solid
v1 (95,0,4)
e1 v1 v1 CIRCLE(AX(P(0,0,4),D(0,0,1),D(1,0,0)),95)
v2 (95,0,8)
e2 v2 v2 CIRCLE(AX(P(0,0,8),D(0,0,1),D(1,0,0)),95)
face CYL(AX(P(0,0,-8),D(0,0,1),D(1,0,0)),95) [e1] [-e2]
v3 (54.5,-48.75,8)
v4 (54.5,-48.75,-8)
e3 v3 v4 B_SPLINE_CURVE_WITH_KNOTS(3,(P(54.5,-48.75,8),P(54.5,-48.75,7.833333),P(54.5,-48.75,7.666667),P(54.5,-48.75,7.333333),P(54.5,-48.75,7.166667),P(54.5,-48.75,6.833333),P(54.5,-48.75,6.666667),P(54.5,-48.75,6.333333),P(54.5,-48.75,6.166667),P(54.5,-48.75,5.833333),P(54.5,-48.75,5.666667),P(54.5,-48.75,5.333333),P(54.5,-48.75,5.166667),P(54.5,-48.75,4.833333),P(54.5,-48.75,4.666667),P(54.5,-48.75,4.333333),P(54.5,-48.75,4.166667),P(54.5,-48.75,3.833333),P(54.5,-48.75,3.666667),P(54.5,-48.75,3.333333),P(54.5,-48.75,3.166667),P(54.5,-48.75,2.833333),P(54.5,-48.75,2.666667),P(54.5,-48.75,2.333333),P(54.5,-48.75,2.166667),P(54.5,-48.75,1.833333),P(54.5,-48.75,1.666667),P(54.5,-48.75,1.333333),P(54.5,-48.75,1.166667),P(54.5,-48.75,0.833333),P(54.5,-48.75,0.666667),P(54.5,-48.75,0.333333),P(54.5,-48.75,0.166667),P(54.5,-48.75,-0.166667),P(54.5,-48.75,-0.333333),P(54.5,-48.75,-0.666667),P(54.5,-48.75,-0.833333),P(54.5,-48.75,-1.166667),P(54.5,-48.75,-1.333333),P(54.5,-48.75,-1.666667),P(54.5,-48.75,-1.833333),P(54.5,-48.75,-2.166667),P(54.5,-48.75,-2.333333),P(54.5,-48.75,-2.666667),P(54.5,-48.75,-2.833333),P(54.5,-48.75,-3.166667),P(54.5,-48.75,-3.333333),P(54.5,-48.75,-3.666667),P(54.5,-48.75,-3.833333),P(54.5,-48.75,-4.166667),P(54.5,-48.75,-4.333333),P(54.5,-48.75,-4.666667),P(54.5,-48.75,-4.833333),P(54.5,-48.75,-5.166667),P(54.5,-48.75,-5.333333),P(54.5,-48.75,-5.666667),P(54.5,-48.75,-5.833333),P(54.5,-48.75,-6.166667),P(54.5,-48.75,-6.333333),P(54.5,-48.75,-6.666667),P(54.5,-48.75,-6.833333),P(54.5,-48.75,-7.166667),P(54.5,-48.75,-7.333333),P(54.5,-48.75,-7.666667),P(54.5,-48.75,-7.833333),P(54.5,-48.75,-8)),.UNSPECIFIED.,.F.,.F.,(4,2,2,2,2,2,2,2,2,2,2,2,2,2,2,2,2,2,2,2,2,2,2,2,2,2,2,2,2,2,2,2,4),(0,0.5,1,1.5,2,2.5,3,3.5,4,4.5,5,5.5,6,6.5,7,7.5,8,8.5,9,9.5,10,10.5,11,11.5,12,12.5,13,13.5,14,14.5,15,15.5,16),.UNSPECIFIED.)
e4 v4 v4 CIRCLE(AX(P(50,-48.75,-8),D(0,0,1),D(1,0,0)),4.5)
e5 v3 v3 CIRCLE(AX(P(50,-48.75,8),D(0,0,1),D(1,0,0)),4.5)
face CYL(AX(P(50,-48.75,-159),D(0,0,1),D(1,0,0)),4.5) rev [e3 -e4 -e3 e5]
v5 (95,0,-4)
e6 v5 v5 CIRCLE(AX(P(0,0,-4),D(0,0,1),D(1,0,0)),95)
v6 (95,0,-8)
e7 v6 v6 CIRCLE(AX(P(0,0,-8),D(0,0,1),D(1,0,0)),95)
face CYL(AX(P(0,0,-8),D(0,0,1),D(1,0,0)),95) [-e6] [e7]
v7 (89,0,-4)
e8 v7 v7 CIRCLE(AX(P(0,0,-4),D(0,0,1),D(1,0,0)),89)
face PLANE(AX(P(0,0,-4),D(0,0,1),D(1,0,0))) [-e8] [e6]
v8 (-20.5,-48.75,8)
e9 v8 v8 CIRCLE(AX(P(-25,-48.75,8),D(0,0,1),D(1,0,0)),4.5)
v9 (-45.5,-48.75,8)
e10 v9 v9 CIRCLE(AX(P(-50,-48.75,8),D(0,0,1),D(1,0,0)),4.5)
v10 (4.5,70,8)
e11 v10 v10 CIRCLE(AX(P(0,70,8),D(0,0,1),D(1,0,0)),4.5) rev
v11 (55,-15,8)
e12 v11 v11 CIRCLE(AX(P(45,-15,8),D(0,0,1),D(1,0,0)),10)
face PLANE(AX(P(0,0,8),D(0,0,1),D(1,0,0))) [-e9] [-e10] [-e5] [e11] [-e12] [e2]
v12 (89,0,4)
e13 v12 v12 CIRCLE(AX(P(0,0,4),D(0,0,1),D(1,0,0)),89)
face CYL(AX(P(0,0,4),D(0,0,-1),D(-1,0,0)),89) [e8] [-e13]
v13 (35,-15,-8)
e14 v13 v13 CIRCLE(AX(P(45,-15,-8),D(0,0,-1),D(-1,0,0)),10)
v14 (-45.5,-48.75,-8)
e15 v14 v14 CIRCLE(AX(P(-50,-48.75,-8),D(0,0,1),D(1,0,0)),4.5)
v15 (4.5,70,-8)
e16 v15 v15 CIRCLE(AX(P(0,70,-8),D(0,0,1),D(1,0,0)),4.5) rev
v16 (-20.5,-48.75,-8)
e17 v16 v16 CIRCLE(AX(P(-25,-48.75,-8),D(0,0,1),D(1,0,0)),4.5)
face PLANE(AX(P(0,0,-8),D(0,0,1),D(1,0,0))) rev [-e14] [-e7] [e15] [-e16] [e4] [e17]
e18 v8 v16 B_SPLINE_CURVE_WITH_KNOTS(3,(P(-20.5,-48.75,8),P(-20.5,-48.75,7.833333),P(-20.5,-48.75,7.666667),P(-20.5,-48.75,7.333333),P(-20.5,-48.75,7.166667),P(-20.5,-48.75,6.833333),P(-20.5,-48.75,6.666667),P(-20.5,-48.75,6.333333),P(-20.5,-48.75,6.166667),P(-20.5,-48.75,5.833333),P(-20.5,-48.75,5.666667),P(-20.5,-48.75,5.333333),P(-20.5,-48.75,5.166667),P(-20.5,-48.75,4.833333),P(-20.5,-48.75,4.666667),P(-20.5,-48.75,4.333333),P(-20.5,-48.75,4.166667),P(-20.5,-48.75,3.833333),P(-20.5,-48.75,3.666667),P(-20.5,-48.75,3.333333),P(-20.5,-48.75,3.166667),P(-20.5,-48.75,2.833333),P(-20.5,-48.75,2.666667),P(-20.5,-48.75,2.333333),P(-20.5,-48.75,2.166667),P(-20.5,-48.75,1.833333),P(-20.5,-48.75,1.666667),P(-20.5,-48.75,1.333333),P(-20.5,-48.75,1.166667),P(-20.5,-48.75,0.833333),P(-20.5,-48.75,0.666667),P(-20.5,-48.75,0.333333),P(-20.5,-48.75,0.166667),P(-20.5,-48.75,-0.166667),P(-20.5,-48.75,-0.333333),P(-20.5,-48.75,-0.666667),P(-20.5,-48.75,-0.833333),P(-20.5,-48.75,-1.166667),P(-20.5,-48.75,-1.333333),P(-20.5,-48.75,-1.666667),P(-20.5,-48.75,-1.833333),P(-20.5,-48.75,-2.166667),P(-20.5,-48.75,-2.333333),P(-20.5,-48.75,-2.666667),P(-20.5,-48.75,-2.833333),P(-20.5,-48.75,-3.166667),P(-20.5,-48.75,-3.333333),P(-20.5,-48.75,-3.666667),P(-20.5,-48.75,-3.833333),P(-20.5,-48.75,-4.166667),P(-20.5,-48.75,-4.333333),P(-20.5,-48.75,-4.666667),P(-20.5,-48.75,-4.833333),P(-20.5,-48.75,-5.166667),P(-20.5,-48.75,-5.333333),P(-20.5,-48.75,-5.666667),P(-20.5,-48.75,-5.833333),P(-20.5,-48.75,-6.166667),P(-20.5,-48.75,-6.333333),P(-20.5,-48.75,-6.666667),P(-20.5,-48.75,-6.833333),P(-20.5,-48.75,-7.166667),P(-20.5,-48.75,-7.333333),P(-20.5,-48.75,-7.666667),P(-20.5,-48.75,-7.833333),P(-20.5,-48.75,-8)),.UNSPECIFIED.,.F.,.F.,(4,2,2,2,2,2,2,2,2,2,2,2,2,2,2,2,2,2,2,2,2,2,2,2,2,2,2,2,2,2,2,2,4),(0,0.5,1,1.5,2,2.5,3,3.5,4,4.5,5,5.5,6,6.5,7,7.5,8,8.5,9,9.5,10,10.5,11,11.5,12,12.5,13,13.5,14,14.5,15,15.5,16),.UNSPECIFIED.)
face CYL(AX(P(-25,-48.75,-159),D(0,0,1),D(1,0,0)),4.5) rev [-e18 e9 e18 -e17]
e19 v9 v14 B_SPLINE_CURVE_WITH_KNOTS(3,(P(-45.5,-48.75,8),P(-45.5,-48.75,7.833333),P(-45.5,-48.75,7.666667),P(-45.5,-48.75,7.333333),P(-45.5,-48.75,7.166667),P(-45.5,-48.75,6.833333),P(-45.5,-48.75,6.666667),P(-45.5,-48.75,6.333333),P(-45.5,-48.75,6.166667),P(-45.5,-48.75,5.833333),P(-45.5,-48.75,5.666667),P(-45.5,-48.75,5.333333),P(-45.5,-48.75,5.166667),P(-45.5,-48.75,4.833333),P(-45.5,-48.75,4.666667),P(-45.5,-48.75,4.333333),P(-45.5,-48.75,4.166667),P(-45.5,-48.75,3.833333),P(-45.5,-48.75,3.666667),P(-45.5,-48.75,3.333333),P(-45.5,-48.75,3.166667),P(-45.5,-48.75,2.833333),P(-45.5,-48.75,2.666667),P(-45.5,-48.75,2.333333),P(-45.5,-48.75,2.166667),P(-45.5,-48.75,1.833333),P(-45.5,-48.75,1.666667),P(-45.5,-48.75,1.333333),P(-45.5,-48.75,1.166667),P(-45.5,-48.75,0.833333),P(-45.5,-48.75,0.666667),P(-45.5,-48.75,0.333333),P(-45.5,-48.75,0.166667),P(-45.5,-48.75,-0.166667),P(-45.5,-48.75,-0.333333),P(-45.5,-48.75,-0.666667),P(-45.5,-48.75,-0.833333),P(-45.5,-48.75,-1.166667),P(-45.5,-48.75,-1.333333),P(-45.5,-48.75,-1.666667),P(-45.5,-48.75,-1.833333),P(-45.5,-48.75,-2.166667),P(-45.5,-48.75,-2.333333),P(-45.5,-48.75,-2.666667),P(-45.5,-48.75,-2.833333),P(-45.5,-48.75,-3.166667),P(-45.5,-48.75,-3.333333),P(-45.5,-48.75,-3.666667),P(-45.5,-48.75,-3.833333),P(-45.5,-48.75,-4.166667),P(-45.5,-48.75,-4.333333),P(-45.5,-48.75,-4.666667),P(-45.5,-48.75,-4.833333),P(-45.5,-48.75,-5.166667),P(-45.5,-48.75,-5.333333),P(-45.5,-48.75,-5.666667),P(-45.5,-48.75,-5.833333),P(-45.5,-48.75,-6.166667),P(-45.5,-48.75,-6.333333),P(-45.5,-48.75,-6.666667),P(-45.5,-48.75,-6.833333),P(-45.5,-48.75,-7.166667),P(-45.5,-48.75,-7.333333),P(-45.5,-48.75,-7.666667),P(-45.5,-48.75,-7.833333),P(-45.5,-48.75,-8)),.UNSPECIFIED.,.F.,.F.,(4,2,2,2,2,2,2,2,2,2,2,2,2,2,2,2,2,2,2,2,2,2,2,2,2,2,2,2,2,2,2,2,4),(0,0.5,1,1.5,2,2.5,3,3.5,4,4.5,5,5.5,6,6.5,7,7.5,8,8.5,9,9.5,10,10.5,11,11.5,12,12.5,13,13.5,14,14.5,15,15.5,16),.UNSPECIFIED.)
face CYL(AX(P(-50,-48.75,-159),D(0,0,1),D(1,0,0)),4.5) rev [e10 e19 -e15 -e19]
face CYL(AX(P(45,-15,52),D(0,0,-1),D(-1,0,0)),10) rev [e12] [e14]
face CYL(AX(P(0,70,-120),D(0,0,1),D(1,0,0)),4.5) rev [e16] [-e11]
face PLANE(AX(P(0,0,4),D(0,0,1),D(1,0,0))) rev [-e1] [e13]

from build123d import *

# Parameters (mm, degrees)
BOSS_EXTRUDE1_DEPTH      = 8
BOSS_EXTRUDE1_DEPTH_BACK = 8
SKETCH2_R                = 95
CUT_EXTRUDE1_DEPTH       = 4
CUT_EXTRUDE1_DEPTH_BACK  = 4
SKETCH2_5_R              = 95
SKETCH2_5_R_2            = 89
SKETCH7_R                = 4.5
CUT_EXTRUDE2_DEPTH       = 167
CUT_EXTRUDE4_DEPTH       = 112
CUT_EXTRUDE4_DEPTH_BACK  = 60
SKETCH10_R               = 4.5
SKETCH11_R               = 10
CUT_EXTRUDE5_DEPTH       = 60


with BuildPart() as part:
    # Sketch2 → Boss-Extrude1 (new, two sides: drawn at the far end of the back side and taken through both)
    with BuildSketch(Plane.XY.offset(-BOSS_EXTRUDE1_DEPTH_BACK)):
        Circle(SKETCH2_R)
    extrude(amount=BOSS_EXTRUDE1_DEPTH + BOSS_EXTRUDE1_DEPTH_BACK)

    # Sketch2<5> → Cut-Extrude1 (cut, two sides: drawn at the far end of the back side and taken through both)
    with BuildSketch(Plane.XY.offset(-CUT_EXTRUDE1_DEPTH_BACK)):
        Circle(SKETCH2_5_R)
        Circle(SKETCH2_5_R_2, mode=Mode.SUBTRACT)
    extrude(amount=CUT_EXTRUDE1_DEPTH + CUT_EXTRUDE1_DEPTH_BACK, mode=Mode.SUBTRACT)

    # Sketch7 → Cut-Extrude2 (cut)
    with BuildSketch(Plane.XY.offset(8)):
        with Locations((-50, -48.75)):
            Circle(SKETCH7_R)
        with Locations((50, -48.75)):
            Circle(SKETCH7_R)
        with Locations((-25, -48.75)):
            Circle(SKETCH7_R)
    extrude(amount=-CUT_EXTRUDE2_DEPTH, mode=Mode.SUBTRACT)

    # Sketch10 → Cut-Extrude4 (cut, two sides: drawn at the far end of the back side and taken through both)
    with BuildSketch(Plane(origin=(0, 0, -8), x_dir=(-1, 0, 0), z_dir=(0, 0, -1)).offset(-CUT_EXTRUDE4_DEPTH_BACK)):
        with Locations((0, 70)):
            Circle(SKETCH10_R)
    extrude(amount=CUT_EXTRUDE4_DEPTH + CUT_EXTRUDE4_DEPTH_BACK, mode=Mode.SUBTRACT)

    # Sketch11 → Cut-Extrude5 (cut)
    with BuildSketch(Plane(origin=(0, 0, -8), x_dir=(-1, 0, 0), z_dir=(0, 0, -1))):
        with Locations((-45, -15)):
            Circle(SKETCH11_R)
    extrude(amount=-CUT_EXTRUDE5_DEPTH, mode=Mode.SUBTRACT)


solid = part.part
